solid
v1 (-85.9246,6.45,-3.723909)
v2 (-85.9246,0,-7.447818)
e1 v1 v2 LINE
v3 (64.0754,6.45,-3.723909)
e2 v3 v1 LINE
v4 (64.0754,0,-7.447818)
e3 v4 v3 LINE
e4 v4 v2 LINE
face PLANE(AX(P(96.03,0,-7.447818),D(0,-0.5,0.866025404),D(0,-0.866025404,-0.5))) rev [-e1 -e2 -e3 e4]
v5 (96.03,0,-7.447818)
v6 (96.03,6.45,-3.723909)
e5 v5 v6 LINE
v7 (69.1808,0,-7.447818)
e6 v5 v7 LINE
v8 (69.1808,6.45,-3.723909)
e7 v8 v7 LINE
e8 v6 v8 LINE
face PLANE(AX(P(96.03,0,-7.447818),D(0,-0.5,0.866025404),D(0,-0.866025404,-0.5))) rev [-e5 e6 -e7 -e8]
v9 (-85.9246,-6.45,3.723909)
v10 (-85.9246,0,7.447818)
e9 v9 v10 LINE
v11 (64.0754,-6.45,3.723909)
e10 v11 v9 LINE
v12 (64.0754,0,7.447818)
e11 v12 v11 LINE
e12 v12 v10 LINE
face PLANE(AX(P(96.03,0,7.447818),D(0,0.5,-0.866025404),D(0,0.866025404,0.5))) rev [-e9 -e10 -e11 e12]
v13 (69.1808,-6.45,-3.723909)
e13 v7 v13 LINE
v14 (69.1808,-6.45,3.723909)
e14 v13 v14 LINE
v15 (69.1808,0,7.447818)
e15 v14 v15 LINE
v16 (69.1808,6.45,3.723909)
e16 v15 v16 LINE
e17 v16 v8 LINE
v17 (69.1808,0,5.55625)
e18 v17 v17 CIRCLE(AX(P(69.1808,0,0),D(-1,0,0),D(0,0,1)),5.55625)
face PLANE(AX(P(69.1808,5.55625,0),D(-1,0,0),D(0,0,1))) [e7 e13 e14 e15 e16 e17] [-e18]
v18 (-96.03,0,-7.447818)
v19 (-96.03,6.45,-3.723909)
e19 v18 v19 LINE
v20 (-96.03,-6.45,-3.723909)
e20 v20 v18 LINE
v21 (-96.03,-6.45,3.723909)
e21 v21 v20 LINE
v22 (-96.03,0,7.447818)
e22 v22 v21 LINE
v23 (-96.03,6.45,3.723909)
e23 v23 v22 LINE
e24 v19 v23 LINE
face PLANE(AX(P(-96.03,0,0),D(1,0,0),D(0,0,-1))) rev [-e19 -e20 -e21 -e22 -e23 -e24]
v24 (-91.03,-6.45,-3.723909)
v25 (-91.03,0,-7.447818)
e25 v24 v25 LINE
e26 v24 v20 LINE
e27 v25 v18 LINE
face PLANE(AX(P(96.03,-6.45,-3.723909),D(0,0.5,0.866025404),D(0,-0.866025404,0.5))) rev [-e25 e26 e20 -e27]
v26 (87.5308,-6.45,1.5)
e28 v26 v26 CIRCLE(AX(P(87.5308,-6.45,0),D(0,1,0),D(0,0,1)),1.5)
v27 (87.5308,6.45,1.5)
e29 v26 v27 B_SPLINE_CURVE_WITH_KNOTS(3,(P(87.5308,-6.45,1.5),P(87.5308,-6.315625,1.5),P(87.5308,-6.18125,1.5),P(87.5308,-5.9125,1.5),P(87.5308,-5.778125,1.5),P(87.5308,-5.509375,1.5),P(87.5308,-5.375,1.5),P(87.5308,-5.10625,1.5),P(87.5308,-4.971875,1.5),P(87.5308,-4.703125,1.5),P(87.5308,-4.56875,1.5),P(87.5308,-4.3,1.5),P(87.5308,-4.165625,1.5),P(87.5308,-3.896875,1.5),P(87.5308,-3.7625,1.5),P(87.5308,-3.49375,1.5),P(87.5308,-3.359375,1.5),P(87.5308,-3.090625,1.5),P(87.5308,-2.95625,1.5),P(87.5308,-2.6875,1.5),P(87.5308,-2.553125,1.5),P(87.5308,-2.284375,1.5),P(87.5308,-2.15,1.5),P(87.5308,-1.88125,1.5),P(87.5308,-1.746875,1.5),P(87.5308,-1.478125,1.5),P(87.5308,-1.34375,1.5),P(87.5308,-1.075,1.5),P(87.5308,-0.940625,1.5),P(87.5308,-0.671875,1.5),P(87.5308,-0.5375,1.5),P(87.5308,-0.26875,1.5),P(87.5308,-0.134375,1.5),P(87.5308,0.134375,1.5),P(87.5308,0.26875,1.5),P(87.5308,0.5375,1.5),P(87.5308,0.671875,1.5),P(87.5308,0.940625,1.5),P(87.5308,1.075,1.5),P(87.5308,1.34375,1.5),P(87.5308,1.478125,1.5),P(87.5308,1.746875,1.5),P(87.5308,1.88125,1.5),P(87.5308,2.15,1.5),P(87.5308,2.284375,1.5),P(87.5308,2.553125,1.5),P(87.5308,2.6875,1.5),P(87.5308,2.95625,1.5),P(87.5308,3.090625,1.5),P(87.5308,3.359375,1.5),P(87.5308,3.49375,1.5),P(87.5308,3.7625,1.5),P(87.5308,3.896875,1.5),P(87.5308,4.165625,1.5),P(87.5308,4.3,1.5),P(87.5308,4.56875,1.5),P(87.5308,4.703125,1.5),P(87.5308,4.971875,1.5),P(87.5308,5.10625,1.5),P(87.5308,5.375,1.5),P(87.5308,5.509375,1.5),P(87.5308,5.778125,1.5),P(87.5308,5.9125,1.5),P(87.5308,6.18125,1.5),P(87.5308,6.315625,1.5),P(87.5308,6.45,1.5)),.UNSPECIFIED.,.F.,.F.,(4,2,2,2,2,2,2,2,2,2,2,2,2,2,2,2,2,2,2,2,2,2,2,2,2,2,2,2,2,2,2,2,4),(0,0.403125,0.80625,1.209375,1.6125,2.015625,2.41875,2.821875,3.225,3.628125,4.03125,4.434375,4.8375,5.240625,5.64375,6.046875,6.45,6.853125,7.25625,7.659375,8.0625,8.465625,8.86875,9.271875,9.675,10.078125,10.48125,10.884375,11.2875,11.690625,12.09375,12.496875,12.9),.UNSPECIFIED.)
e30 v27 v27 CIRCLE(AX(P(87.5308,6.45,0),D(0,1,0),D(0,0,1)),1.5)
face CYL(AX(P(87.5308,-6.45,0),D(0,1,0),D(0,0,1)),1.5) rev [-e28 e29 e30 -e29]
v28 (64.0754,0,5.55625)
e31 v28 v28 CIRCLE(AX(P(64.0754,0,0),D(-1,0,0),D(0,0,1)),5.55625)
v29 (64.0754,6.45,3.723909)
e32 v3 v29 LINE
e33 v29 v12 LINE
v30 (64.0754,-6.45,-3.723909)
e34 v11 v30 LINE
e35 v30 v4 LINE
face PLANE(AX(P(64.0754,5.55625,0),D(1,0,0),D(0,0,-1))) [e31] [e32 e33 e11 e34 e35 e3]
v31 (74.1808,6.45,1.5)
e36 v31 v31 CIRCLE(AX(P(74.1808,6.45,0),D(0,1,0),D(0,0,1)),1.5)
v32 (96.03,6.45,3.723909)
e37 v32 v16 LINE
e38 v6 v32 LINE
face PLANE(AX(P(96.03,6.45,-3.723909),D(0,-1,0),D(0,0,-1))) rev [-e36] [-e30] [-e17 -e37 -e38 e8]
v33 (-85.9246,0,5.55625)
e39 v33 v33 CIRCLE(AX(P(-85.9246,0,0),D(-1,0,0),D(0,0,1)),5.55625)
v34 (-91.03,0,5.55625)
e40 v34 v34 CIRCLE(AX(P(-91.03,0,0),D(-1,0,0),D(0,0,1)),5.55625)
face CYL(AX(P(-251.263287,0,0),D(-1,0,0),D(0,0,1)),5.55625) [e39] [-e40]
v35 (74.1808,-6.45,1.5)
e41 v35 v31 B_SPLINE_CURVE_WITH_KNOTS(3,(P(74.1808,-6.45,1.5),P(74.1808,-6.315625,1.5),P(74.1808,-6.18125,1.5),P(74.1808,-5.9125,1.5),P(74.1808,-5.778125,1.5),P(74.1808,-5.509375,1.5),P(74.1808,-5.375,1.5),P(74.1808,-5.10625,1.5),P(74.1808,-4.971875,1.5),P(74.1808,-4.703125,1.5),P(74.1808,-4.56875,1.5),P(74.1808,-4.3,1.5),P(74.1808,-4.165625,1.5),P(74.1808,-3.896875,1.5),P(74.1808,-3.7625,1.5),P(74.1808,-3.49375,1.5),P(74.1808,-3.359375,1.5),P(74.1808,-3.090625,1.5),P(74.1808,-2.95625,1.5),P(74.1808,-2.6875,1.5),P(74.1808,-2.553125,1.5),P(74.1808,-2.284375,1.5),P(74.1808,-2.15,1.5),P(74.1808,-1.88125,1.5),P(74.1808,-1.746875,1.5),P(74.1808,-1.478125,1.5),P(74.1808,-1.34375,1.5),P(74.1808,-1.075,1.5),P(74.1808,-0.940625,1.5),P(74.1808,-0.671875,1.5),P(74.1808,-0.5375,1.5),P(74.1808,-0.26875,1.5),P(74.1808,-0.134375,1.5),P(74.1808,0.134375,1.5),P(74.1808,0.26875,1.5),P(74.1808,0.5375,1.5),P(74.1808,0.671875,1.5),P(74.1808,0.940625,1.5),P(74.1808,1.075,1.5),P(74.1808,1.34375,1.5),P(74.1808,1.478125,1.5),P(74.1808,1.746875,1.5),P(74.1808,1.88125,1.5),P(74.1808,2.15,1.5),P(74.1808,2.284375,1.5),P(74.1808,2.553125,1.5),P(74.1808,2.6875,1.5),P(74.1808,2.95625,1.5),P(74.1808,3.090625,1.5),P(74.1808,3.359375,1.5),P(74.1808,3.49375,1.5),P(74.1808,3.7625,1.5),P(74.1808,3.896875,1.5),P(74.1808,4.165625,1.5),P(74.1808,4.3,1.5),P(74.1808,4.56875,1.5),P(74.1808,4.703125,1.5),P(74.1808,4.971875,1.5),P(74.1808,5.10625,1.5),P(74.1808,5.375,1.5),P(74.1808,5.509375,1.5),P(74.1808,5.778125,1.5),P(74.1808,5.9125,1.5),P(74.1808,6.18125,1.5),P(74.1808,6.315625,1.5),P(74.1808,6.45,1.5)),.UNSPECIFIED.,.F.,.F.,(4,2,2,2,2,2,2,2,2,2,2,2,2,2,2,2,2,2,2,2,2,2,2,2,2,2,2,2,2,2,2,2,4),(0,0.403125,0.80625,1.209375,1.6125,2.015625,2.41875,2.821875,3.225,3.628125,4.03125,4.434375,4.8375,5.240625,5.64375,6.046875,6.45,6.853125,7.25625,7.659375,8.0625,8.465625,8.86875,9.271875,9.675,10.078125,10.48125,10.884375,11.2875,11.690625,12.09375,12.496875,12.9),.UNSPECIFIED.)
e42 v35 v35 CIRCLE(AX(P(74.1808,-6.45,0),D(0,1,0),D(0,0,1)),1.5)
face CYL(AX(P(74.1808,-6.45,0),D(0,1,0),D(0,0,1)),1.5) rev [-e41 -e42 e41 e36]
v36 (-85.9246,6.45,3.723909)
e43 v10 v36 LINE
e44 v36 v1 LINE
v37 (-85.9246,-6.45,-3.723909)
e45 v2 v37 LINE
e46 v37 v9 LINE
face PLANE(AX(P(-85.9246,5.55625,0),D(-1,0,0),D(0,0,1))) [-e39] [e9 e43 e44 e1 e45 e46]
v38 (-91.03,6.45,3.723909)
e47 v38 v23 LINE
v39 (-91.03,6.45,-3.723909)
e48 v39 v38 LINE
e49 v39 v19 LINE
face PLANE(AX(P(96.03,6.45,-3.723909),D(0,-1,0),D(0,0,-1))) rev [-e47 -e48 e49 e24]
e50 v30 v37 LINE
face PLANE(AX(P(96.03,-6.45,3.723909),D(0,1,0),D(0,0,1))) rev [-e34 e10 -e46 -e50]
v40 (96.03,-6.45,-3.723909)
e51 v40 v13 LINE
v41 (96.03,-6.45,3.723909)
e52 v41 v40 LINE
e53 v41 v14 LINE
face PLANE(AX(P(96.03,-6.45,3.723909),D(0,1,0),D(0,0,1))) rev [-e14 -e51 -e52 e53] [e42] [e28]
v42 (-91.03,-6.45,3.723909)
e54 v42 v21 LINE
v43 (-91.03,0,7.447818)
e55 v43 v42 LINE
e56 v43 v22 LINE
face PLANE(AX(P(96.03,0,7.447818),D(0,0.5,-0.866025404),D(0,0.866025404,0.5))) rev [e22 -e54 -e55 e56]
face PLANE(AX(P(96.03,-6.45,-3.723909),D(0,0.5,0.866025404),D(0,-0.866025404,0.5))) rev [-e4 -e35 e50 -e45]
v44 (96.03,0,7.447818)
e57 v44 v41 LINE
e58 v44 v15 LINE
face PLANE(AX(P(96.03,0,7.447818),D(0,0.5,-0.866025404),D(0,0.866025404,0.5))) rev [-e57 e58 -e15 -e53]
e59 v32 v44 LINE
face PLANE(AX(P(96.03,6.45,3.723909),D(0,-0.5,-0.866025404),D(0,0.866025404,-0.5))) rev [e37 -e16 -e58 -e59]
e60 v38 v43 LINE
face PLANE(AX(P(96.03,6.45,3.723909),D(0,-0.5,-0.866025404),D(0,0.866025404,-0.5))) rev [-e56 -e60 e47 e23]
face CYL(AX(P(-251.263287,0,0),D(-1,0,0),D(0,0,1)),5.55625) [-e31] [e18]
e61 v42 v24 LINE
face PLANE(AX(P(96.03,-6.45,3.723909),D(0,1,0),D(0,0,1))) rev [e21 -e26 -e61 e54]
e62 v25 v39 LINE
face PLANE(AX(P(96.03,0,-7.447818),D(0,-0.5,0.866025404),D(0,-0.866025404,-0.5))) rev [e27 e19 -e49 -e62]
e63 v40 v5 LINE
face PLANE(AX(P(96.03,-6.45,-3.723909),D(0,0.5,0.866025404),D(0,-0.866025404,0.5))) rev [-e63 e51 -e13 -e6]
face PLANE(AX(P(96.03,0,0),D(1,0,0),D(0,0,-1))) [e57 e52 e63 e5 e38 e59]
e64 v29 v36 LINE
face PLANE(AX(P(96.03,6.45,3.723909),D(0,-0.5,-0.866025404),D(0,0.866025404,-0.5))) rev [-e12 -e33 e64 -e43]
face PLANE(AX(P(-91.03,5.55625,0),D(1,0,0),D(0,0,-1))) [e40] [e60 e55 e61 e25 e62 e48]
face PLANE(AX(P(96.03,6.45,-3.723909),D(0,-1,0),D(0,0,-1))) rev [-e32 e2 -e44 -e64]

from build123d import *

# Parameters (mm, degrees)
BOSS_EXTRUDE1_DEPTH = 96.03
SKETCH2_W           = 5.1054
SKETCH2_H           = 5.89375
SKETCH3_R           = 1.5
CUT_EXTRUDE1_DEPTH  = 98.178397291


with BuildPart() as part:
    # Sketch1 → Boss-Extrude1 (new, symmetric)
    with BuildSketch(Plane(origin=(0, 0, 0), x_dir=(0, 0, -1), z_dir=(1, 0, 0))):
        Polygon((7.447818473, 0), (3.723909236, 6.45), (-3.723909236, 6.45), (-7.447818473, 0), (-3.723909236, -6.45), (3.723909236, -6.45), align=None)
    extrude(amount=BOSS_EXTRUDE1_DEPTH, both=True)

    # Sketch2 → Cut-Revolve1 (revolve, cut)
    with BuildSketch(Plane.XY, mode=Mode.PRIVATE) as cut_revolve1_sk:
        with Locations((-88.4773, 8.503125)):
            Rectangle(SKETCH2_W, SKETCH2_H)
        with Locations((66.6281, 8.503125)):
            Rectangle(SKETCH2_W, SKETCH2_H)
    revolve(cut_revolve1_sk.sketch.rotate(Axis((-251.263286978, 0, 0), (1, 0, 0)), 90), axis=Axis((-251.263286978, 0, 0), (1, 0, 0)), mode=Mode.SUBTRACT)

    # Sketch3 → Cut-Extrude1 (cut, through all)
    with BuildSketch(Plane(origin=(0, 6.45, 0), x_dir=(1, 0, 0), z_dir=(0, 1, 0))):
        with Locations(Location((74.1808, 0, 0), (0, 0, 270))):
            Circle(SKETCH3_R)
        with Locations(Location((87.5308, 0, 0), (0, 0, 270))):
            Circle(SKETCH3_R)
    extrude(amount=-CUT_EXTRUDE1_DEPTH, mode=Mode.SUBTRACT)


solid = part.part
